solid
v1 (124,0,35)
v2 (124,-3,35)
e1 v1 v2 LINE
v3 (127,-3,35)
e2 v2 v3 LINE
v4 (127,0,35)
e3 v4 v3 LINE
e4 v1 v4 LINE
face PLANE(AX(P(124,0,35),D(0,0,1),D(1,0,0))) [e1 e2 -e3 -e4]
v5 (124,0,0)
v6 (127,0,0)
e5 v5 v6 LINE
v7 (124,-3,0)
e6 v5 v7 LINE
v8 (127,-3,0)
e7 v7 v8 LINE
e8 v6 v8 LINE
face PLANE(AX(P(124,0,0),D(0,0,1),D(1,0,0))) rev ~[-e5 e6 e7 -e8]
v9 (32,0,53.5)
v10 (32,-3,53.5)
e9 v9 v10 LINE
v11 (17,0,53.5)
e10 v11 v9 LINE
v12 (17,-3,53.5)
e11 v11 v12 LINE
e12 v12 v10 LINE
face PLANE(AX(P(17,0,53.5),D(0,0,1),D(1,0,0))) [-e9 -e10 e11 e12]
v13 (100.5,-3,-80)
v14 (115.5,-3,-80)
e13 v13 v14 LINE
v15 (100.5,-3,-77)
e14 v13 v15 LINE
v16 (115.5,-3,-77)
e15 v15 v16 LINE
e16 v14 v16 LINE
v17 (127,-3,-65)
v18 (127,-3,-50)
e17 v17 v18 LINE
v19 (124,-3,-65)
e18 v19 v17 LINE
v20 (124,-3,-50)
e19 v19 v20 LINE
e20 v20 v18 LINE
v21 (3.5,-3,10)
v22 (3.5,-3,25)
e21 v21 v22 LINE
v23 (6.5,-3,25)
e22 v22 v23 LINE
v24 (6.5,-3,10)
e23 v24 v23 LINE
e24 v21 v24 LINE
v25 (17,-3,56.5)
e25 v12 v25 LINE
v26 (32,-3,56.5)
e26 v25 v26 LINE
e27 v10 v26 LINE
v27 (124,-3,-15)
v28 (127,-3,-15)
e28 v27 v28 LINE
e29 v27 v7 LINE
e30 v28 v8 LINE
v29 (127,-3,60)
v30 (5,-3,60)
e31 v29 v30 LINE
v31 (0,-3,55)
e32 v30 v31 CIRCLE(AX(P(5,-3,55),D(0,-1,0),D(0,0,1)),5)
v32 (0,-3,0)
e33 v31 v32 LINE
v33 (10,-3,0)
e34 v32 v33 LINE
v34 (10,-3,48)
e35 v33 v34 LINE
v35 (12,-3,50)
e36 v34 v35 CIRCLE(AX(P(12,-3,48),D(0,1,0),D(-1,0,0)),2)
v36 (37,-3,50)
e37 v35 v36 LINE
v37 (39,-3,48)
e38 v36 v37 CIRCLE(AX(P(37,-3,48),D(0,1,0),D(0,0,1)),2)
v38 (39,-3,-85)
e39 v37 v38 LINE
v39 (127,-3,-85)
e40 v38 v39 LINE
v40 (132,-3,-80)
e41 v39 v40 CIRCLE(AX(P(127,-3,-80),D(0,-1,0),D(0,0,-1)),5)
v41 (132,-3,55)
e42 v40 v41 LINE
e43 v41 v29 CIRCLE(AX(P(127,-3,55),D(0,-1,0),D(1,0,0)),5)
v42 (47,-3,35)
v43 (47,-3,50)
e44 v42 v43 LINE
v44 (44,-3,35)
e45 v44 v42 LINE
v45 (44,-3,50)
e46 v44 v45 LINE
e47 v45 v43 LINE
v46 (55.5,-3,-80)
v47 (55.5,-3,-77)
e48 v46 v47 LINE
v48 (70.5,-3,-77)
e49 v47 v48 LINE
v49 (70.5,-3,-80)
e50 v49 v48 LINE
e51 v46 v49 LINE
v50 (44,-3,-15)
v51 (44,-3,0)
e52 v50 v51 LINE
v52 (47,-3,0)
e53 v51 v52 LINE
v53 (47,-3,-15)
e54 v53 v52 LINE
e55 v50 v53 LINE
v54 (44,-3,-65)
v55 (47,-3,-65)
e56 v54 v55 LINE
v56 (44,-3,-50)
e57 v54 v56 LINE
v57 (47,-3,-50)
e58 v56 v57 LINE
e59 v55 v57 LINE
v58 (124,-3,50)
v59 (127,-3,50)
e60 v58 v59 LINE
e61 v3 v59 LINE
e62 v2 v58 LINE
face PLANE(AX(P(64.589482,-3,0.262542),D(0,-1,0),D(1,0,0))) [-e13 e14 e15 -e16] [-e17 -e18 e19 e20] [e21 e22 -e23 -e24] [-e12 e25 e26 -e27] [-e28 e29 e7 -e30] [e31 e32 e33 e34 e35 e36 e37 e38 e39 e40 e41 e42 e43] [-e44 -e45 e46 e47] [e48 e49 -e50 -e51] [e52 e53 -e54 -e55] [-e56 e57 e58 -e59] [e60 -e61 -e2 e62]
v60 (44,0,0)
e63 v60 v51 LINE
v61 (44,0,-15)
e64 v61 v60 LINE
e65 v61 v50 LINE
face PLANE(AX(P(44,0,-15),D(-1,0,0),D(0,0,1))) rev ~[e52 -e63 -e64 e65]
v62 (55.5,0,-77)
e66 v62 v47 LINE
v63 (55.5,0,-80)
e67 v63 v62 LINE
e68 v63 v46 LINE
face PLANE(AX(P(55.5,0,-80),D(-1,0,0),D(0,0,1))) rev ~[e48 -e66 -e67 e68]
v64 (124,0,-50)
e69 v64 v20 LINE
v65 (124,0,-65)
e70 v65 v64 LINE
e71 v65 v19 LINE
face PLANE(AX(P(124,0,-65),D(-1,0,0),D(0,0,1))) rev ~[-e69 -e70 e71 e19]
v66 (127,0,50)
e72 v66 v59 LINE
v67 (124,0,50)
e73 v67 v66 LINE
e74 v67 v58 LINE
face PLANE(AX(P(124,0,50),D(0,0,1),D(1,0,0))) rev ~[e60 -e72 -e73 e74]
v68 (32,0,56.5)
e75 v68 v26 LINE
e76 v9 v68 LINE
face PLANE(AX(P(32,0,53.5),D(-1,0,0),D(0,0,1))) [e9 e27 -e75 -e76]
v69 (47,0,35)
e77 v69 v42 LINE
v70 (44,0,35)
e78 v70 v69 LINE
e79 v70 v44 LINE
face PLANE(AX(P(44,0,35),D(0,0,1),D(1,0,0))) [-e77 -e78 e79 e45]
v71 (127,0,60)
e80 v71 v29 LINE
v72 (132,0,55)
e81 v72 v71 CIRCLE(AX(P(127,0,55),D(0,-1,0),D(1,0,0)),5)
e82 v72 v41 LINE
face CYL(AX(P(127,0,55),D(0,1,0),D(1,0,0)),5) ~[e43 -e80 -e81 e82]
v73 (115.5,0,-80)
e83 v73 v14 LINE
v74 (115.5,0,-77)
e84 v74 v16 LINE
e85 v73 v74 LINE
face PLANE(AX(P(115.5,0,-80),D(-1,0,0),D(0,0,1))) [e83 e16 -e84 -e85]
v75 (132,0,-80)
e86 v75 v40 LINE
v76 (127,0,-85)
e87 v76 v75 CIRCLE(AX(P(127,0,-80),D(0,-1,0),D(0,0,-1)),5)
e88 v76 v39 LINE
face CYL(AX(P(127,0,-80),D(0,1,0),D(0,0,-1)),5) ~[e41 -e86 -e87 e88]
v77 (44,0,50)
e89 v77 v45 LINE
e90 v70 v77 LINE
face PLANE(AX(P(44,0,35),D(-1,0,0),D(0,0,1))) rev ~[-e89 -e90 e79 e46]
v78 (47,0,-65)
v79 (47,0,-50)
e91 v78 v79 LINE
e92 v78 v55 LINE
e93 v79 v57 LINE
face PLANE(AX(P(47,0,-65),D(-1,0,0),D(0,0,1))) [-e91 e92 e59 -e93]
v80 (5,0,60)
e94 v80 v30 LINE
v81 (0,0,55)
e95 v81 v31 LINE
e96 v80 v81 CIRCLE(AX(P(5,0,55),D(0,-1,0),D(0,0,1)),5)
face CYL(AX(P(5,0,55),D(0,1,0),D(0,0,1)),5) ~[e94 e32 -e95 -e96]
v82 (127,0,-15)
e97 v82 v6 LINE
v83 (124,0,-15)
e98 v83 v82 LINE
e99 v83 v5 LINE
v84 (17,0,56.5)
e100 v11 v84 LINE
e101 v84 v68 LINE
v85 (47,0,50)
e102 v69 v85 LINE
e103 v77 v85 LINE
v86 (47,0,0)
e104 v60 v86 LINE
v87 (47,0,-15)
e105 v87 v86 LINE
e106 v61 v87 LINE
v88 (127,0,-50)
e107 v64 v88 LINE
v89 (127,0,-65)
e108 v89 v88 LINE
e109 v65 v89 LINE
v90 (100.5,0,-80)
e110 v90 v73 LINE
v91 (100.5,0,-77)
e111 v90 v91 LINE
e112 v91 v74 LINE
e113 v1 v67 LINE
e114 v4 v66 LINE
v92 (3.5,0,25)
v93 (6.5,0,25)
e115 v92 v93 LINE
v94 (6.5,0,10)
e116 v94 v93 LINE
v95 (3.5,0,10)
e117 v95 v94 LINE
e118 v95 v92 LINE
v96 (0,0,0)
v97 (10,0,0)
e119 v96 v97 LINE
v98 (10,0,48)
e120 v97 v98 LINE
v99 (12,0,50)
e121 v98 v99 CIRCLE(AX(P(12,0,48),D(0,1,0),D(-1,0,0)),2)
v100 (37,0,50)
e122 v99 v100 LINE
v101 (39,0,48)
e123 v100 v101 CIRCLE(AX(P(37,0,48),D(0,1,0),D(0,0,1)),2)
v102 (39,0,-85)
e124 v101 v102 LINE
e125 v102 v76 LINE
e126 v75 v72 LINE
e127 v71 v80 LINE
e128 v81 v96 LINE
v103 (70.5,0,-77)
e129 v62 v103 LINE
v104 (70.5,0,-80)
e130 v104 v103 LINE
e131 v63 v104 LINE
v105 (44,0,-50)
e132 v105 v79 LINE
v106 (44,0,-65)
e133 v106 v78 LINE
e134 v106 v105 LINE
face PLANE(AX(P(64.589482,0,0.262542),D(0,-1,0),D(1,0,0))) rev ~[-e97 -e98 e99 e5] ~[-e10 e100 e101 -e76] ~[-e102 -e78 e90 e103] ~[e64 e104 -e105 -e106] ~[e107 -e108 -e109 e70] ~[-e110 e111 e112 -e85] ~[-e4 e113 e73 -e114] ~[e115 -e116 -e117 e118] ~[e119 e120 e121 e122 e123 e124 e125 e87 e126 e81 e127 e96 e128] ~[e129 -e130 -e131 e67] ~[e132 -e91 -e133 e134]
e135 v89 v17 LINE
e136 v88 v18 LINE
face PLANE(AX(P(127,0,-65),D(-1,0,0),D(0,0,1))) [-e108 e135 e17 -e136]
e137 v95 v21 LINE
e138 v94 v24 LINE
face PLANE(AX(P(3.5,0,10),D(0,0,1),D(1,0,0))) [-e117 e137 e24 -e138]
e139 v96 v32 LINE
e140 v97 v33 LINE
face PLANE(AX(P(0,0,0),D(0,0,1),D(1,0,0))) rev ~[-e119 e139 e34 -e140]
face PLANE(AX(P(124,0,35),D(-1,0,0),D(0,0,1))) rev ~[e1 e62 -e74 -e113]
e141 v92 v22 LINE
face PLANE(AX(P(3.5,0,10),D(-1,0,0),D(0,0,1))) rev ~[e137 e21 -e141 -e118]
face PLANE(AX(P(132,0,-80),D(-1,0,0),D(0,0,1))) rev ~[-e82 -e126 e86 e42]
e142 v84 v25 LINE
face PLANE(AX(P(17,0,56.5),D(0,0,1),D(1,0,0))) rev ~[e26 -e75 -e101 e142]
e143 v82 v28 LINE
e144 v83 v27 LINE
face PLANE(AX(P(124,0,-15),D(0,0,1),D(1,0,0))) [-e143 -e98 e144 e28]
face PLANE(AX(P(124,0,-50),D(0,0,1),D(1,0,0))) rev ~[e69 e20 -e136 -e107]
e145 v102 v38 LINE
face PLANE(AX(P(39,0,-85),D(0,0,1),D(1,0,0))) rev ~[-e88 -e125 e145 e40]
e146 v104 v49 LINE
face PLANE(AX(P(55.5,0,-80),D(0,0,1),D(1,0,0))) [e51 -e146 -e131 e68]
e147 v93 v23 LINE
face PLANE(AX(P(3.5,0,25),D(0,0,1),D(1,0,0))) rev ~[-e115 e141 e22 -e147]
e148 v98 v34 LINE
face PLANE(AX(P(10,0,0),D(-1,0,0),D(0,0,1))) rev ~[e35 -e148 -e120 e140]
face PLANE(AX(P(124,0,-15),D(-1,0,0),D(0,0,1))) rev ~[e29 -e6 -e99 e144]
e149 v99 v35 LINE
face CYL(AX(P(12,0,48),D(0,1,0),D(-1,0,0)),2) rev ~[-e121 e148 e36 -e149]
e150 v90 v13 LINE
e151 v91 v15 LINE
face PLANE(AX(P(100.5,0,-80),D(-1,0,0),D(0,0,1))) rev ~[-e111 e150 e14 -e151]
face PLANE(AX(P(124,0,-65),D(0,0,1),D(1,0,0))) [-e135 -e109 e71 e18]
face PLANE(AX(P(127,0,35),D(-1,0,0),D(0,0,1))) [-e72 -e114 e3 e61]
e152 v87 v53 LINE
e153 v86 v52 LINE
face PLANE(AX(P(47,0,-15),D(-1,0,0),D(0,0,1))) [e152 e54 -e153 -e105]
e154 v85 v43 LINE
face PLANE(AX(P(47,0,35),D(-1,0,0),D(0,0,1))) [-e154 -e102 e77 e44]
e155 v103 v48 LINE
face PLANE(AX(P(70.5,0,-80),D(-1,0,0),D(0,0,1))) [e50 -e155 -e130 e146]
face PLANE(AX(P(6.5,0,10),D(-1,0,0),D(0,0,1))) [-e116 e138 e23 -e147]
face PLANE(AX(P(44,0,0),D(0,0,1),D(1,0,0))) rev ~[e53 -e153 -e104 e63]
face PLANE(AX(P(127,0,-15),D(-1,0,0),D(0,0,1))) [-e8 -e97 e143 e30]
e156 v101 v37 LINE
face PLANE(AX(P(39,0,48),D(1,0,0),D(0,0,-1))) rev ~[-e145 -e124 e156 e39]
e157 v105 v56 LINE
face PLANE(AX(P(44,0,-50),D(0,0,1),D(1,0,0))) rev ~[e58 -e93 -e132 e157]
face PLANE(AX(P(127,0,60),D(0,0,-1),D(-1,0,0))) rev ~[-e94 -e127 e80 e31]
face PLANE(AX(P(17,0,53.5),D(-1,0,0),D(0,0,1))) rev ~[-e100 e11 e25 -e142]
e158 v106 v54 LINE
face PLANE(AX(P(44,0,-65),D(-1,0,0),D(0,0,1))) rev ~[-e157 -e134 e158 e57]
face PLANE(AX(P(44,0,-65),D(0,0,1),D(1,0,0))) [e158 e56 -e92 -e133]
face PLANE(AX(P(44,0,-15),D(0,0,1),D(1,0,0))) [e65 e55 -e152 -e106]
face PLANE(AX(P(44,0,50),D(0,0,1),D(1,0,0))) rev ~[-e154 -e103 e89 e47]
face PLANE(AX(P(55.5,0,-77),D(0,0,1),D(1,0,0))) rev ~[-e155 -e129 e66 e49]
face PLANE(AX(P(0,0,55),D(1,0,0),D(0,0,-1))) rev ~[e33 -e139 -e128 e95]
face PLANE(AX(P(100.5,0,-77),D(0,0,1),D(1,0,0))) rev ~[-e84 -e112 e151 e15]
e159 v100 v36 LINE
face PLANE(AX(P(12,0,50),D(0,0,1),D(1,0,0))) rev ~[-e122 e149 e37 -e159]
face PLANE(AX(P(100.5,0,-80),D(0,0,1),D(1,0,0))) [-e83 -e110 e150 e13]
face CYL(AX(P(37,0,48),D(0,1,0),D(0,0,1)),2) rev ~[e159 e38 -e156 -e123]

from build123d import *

# Parameters (mm, degrees)
F1_W     = 15
F1_H     = 3
F1_W_2   = 3
F1_H_2   = 15
F2_DEPTH = 3


with BuildPart() as f2:
    # F1 (on Front) → F2 (new body)
    with BuildSketch(Plane.XZ):
        with BuildLine():
            Line((0, 55), (0, 0))
            Line((0, 0), (10, 0))
            Line((10, 0), (10, 48))
            ThreePointArc((10, 48), (10.5857864376, 49.4142135624), (12, 50))
            Line((12, 50), (37, 50))
            ThreePointArc((37, 50), (38.4142135624, 49.4142135624), (39, 48))
            Line((39, 48), (39, -85))
            Line((39, -85), (127, -85))
            ThreePointArc((127, -85), (130.5355339059, -83.5355339059), (132, -80))
            Line((132, -80), (132, 55))
            ThreePointArc((132, 55), (130.5355339059, 58.5355339059), (127, 60))
            Line((127, 60), (5, 60))
            ThreePointArc((5, 60), (1.4644660941, 58.5355339059), (0, 55))
        make_face()
        with Locations((63, -78.5)):
            Rectangle(F1_W, F1_H, mode=Mode.SUBTRACT)
        with Locations((45.5, -57.5)):
            Rectangle(F1_W_2, F1_H_2, mode=Mode.SUBTRACT)
        with Locations((108, -78.5)):
            Rectangle(F1_W, F1_H, mode=Mode.SUBTRACT)
        with Locations((125.5, -57.5)):
            Rectangle(F1_W_2, F1_H_2, mode=Mode.SUBTRACT)
        with Locations((5, 17.5)):
            Rectangle(F1_W_2, F1_H_2, mode=Mode.SUBTRACT)
        with Locations((45.5, -7.5)):
            Rectangle(F1_W_2, F1_H_2, mode=Mode.SUBTRACT)
        with Locations((24.5, 55)):
            Rectangle(F1_W, F1_H, mode=Mode.SUBTRACT)
        with Locations((45.5, 42.5)):
            Rectangle(F1_W_2, F1_H_2, mode=Mode.SUBTRACT)
        with Locations((125.5, -7.5)):
            Rectangle(F1_W_2, F1_H_2, mode=Mode.SUBTRACT)
        with Locations((125.5, 42.5)):
            Rectangle(F1_W_2, F1_H_2, mode=Mode.SUBTRACT)
    extrude(amount=F2_DEPTH)


solid = f2.part
